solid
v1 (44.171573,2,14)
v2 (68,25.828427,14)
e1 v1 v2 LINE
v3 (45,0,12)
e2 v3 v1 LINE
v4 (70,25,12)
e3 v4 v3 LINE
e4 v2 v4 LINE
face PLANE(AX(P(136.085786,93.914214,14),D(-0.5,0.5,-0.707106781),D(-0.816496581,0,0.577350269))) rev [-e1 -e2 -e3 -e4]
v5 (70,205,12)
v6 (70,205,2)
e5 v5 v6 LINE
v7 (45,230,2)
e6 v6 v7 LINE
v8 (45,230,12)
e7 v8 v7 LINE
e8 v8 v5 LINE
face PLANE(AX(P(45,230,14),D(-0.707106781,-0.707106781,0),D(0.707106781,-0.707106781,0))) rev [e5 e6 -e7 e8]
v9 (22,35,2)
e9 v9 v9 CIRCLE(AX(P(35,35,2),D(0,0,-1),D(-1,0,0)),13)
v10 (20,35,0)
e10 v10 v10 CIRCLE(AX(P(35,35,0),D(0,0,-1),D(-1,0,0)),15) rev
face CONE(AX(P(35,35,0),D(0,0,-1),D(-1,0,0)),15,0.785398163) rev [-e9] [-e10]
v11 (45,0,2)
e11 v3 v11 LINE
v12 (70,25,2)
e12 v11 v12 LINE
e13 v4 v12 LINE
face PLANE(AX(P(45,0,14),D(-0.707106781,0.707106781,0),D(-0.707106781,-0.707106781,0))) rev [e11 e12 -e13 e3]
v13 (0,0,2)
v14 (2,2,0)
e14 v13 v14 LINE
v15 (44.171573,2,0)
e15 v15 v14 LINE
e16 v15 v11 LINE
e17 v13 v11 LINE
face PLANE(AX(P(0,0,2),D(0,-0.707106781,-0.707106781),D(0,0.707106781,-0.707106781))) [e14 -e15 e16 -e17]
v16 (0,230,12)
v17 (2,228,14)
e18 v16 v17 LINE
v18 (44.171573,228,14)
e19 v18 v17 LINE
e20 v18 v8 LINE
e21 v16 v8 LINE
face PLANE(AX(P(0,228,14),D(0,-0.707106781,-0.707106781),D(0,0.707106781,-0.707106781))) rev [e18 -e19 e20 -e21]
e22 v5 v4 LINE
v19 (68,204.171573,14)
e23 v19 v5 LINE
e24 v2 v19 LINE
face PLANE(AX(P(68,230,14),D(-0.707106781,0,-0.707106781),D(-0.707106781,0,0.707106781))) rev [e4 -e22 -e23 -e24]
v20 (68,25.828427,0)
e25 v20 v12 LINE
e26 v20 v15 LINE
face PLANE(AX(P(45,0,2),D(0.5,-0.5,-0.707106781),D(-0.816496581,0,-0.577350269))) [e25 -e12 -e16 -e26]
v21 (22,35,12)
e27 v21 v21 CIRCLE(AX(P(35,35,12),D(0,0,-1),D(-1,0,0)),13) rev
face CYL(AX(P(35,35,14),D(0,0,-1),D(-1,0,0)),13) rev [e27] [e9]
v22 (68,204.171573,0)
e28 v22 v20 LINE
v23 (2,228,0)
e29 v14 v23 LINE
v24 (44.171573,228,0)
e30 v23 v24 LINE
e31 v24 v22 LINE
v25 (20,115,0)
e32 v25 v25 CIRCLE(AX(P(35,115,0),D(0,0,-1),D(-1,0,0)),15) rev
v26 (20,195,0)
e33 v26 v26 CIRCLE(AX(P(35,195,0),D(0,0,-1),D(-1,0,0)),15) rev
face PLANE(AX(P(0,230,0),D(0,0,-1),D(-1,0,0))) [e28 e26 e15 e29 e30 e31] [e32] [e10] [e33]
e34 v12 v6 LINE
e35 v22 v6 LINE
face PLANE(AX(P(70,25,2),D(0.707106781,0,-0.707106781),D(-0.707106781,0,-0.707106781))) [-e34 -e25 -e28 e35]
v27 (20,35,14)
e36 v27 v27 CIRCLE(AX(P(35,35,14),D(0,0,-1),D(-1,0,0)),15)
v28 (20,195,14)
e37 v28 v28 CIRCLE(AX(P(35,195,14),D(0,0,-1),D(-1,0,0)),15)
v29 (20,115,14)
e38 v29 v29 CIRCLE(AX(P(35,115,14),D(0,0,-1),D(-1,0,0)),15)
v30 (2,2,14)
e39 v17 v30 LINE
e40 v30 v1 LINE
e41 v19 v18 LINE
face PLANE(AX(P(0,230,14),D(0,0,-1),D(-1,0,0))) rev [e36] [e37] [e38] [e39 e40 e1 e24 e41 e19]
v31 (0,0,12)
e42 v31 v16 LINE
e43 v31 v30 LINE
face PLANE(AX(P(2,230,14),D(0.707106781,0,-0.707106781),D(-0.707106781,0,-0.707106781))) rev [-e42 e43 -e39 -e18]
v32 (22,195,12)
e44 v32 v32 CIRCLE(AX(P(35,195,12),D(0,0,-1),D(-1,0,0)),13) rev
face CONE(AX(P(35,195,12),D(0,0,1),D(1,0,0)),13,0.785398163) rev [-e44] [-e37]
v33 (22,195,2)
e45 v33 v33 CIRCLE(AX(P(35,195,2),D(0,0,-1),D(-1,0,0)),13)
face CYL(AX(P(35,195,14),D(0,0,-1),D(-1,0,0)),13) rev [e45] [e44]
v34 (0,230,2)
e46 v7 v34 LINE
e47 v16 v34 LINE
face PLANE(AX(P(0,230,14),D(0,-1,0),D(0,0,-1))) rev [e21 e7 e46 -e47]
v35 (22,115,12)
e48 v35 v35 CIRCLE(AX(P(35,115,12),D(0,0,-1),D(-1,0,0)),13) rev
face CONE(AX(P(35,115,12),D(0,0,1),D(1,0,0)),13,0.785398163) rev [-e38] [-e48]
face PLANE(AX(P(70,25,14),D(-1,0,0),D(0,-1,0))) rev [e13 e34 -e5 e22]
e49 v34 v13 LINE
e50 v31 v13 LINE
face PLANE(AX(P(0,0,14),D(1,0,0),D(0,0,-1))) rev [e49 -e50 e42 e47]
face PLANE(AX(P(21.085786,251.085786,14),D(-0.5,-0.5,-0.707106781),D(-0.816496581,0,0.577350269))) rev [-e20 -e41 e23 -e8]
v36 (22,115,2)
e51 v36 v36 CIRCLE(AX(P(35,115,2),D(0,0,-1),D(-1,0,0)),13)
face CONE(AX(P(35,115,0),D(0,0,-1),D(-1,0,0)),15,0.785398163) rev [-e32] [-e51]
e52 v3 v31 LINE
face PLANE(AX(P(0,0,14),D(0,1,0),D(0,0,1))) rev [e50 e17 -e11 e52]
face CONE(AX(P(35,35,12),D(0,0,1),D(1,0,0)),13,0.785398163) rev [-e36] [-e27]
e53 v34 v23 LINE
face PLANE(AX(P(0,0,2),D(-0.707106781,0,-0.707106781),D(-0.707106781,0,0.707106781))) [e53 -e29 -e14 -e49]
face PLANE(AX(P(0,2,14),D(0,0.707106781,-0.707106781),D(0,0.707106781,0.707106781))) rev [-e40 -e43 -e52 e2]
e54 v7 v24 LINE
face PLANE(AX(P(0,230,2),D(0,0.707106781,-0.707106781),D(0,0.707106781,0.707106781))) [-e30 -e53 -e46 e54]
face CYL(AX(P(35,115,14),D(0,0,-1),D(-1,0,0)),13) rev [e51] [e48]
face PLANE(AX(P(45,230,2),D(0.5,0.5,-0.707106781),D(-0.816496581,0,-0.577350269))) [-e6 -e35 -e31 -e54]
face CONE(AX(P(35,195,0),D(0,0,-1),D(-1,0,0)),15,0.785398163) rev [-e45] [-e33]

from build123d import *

# Parameters (mm, degrees)
SKETCH_1_R        = 13
EXTRUDE_477_DEPTH = 14
CHAMFER_1_SIZE    = 2


with BuildPart() as part:
    # 草图1 → Extrude 477 (new body)
    with BuildSketch(Plane.XY):
        Polygon((0, 0), (45, 0), (70, 25), (70, 205), (45, 230), (0, 230), align=None)
        with Locations((35, 35)):
            Circle(SKETCH_1_R, mode=Mode.SUBTRACT)
        with Locations((35, 115)):
            Circle(SKETCH_1_R, mode=Mode.SUBTRACT)
        with Locations((35, 195)):
            Circle(SKETCH_1_R, mode=Mode.SUBTRACT)
    extrude(amount=EXTRUDE_477_DEPTH)

    # 倒角1
    chamfer_1_edges = [part.edges().sort_by_distance(p)[0] for p in [
        (57.5, 12.5, 14),
        (70, 115, 14),
        (57.5, 217.5, 14),
        (22, 35, 0),
        (22, 35, 14),
        (22.5, 230, 14),
        (22, 115, 0),
        (22, 115, 14),
        (22, 195, 0),
        (22, 195, 14),
        (0, 115, 14),
        (22.5, 230, 0),
        (57.5, 217.5, 0),
        (70, 115, 0),
        (22.5, 0, 14),
        (57.5, 12.5, 0),
        (22.5, 0, 0),
        (0, 115, 0),
    ]]
    chamfer(chamfer_1_edges, length=CHAMFER_1_SIZE)


solid = part.part
